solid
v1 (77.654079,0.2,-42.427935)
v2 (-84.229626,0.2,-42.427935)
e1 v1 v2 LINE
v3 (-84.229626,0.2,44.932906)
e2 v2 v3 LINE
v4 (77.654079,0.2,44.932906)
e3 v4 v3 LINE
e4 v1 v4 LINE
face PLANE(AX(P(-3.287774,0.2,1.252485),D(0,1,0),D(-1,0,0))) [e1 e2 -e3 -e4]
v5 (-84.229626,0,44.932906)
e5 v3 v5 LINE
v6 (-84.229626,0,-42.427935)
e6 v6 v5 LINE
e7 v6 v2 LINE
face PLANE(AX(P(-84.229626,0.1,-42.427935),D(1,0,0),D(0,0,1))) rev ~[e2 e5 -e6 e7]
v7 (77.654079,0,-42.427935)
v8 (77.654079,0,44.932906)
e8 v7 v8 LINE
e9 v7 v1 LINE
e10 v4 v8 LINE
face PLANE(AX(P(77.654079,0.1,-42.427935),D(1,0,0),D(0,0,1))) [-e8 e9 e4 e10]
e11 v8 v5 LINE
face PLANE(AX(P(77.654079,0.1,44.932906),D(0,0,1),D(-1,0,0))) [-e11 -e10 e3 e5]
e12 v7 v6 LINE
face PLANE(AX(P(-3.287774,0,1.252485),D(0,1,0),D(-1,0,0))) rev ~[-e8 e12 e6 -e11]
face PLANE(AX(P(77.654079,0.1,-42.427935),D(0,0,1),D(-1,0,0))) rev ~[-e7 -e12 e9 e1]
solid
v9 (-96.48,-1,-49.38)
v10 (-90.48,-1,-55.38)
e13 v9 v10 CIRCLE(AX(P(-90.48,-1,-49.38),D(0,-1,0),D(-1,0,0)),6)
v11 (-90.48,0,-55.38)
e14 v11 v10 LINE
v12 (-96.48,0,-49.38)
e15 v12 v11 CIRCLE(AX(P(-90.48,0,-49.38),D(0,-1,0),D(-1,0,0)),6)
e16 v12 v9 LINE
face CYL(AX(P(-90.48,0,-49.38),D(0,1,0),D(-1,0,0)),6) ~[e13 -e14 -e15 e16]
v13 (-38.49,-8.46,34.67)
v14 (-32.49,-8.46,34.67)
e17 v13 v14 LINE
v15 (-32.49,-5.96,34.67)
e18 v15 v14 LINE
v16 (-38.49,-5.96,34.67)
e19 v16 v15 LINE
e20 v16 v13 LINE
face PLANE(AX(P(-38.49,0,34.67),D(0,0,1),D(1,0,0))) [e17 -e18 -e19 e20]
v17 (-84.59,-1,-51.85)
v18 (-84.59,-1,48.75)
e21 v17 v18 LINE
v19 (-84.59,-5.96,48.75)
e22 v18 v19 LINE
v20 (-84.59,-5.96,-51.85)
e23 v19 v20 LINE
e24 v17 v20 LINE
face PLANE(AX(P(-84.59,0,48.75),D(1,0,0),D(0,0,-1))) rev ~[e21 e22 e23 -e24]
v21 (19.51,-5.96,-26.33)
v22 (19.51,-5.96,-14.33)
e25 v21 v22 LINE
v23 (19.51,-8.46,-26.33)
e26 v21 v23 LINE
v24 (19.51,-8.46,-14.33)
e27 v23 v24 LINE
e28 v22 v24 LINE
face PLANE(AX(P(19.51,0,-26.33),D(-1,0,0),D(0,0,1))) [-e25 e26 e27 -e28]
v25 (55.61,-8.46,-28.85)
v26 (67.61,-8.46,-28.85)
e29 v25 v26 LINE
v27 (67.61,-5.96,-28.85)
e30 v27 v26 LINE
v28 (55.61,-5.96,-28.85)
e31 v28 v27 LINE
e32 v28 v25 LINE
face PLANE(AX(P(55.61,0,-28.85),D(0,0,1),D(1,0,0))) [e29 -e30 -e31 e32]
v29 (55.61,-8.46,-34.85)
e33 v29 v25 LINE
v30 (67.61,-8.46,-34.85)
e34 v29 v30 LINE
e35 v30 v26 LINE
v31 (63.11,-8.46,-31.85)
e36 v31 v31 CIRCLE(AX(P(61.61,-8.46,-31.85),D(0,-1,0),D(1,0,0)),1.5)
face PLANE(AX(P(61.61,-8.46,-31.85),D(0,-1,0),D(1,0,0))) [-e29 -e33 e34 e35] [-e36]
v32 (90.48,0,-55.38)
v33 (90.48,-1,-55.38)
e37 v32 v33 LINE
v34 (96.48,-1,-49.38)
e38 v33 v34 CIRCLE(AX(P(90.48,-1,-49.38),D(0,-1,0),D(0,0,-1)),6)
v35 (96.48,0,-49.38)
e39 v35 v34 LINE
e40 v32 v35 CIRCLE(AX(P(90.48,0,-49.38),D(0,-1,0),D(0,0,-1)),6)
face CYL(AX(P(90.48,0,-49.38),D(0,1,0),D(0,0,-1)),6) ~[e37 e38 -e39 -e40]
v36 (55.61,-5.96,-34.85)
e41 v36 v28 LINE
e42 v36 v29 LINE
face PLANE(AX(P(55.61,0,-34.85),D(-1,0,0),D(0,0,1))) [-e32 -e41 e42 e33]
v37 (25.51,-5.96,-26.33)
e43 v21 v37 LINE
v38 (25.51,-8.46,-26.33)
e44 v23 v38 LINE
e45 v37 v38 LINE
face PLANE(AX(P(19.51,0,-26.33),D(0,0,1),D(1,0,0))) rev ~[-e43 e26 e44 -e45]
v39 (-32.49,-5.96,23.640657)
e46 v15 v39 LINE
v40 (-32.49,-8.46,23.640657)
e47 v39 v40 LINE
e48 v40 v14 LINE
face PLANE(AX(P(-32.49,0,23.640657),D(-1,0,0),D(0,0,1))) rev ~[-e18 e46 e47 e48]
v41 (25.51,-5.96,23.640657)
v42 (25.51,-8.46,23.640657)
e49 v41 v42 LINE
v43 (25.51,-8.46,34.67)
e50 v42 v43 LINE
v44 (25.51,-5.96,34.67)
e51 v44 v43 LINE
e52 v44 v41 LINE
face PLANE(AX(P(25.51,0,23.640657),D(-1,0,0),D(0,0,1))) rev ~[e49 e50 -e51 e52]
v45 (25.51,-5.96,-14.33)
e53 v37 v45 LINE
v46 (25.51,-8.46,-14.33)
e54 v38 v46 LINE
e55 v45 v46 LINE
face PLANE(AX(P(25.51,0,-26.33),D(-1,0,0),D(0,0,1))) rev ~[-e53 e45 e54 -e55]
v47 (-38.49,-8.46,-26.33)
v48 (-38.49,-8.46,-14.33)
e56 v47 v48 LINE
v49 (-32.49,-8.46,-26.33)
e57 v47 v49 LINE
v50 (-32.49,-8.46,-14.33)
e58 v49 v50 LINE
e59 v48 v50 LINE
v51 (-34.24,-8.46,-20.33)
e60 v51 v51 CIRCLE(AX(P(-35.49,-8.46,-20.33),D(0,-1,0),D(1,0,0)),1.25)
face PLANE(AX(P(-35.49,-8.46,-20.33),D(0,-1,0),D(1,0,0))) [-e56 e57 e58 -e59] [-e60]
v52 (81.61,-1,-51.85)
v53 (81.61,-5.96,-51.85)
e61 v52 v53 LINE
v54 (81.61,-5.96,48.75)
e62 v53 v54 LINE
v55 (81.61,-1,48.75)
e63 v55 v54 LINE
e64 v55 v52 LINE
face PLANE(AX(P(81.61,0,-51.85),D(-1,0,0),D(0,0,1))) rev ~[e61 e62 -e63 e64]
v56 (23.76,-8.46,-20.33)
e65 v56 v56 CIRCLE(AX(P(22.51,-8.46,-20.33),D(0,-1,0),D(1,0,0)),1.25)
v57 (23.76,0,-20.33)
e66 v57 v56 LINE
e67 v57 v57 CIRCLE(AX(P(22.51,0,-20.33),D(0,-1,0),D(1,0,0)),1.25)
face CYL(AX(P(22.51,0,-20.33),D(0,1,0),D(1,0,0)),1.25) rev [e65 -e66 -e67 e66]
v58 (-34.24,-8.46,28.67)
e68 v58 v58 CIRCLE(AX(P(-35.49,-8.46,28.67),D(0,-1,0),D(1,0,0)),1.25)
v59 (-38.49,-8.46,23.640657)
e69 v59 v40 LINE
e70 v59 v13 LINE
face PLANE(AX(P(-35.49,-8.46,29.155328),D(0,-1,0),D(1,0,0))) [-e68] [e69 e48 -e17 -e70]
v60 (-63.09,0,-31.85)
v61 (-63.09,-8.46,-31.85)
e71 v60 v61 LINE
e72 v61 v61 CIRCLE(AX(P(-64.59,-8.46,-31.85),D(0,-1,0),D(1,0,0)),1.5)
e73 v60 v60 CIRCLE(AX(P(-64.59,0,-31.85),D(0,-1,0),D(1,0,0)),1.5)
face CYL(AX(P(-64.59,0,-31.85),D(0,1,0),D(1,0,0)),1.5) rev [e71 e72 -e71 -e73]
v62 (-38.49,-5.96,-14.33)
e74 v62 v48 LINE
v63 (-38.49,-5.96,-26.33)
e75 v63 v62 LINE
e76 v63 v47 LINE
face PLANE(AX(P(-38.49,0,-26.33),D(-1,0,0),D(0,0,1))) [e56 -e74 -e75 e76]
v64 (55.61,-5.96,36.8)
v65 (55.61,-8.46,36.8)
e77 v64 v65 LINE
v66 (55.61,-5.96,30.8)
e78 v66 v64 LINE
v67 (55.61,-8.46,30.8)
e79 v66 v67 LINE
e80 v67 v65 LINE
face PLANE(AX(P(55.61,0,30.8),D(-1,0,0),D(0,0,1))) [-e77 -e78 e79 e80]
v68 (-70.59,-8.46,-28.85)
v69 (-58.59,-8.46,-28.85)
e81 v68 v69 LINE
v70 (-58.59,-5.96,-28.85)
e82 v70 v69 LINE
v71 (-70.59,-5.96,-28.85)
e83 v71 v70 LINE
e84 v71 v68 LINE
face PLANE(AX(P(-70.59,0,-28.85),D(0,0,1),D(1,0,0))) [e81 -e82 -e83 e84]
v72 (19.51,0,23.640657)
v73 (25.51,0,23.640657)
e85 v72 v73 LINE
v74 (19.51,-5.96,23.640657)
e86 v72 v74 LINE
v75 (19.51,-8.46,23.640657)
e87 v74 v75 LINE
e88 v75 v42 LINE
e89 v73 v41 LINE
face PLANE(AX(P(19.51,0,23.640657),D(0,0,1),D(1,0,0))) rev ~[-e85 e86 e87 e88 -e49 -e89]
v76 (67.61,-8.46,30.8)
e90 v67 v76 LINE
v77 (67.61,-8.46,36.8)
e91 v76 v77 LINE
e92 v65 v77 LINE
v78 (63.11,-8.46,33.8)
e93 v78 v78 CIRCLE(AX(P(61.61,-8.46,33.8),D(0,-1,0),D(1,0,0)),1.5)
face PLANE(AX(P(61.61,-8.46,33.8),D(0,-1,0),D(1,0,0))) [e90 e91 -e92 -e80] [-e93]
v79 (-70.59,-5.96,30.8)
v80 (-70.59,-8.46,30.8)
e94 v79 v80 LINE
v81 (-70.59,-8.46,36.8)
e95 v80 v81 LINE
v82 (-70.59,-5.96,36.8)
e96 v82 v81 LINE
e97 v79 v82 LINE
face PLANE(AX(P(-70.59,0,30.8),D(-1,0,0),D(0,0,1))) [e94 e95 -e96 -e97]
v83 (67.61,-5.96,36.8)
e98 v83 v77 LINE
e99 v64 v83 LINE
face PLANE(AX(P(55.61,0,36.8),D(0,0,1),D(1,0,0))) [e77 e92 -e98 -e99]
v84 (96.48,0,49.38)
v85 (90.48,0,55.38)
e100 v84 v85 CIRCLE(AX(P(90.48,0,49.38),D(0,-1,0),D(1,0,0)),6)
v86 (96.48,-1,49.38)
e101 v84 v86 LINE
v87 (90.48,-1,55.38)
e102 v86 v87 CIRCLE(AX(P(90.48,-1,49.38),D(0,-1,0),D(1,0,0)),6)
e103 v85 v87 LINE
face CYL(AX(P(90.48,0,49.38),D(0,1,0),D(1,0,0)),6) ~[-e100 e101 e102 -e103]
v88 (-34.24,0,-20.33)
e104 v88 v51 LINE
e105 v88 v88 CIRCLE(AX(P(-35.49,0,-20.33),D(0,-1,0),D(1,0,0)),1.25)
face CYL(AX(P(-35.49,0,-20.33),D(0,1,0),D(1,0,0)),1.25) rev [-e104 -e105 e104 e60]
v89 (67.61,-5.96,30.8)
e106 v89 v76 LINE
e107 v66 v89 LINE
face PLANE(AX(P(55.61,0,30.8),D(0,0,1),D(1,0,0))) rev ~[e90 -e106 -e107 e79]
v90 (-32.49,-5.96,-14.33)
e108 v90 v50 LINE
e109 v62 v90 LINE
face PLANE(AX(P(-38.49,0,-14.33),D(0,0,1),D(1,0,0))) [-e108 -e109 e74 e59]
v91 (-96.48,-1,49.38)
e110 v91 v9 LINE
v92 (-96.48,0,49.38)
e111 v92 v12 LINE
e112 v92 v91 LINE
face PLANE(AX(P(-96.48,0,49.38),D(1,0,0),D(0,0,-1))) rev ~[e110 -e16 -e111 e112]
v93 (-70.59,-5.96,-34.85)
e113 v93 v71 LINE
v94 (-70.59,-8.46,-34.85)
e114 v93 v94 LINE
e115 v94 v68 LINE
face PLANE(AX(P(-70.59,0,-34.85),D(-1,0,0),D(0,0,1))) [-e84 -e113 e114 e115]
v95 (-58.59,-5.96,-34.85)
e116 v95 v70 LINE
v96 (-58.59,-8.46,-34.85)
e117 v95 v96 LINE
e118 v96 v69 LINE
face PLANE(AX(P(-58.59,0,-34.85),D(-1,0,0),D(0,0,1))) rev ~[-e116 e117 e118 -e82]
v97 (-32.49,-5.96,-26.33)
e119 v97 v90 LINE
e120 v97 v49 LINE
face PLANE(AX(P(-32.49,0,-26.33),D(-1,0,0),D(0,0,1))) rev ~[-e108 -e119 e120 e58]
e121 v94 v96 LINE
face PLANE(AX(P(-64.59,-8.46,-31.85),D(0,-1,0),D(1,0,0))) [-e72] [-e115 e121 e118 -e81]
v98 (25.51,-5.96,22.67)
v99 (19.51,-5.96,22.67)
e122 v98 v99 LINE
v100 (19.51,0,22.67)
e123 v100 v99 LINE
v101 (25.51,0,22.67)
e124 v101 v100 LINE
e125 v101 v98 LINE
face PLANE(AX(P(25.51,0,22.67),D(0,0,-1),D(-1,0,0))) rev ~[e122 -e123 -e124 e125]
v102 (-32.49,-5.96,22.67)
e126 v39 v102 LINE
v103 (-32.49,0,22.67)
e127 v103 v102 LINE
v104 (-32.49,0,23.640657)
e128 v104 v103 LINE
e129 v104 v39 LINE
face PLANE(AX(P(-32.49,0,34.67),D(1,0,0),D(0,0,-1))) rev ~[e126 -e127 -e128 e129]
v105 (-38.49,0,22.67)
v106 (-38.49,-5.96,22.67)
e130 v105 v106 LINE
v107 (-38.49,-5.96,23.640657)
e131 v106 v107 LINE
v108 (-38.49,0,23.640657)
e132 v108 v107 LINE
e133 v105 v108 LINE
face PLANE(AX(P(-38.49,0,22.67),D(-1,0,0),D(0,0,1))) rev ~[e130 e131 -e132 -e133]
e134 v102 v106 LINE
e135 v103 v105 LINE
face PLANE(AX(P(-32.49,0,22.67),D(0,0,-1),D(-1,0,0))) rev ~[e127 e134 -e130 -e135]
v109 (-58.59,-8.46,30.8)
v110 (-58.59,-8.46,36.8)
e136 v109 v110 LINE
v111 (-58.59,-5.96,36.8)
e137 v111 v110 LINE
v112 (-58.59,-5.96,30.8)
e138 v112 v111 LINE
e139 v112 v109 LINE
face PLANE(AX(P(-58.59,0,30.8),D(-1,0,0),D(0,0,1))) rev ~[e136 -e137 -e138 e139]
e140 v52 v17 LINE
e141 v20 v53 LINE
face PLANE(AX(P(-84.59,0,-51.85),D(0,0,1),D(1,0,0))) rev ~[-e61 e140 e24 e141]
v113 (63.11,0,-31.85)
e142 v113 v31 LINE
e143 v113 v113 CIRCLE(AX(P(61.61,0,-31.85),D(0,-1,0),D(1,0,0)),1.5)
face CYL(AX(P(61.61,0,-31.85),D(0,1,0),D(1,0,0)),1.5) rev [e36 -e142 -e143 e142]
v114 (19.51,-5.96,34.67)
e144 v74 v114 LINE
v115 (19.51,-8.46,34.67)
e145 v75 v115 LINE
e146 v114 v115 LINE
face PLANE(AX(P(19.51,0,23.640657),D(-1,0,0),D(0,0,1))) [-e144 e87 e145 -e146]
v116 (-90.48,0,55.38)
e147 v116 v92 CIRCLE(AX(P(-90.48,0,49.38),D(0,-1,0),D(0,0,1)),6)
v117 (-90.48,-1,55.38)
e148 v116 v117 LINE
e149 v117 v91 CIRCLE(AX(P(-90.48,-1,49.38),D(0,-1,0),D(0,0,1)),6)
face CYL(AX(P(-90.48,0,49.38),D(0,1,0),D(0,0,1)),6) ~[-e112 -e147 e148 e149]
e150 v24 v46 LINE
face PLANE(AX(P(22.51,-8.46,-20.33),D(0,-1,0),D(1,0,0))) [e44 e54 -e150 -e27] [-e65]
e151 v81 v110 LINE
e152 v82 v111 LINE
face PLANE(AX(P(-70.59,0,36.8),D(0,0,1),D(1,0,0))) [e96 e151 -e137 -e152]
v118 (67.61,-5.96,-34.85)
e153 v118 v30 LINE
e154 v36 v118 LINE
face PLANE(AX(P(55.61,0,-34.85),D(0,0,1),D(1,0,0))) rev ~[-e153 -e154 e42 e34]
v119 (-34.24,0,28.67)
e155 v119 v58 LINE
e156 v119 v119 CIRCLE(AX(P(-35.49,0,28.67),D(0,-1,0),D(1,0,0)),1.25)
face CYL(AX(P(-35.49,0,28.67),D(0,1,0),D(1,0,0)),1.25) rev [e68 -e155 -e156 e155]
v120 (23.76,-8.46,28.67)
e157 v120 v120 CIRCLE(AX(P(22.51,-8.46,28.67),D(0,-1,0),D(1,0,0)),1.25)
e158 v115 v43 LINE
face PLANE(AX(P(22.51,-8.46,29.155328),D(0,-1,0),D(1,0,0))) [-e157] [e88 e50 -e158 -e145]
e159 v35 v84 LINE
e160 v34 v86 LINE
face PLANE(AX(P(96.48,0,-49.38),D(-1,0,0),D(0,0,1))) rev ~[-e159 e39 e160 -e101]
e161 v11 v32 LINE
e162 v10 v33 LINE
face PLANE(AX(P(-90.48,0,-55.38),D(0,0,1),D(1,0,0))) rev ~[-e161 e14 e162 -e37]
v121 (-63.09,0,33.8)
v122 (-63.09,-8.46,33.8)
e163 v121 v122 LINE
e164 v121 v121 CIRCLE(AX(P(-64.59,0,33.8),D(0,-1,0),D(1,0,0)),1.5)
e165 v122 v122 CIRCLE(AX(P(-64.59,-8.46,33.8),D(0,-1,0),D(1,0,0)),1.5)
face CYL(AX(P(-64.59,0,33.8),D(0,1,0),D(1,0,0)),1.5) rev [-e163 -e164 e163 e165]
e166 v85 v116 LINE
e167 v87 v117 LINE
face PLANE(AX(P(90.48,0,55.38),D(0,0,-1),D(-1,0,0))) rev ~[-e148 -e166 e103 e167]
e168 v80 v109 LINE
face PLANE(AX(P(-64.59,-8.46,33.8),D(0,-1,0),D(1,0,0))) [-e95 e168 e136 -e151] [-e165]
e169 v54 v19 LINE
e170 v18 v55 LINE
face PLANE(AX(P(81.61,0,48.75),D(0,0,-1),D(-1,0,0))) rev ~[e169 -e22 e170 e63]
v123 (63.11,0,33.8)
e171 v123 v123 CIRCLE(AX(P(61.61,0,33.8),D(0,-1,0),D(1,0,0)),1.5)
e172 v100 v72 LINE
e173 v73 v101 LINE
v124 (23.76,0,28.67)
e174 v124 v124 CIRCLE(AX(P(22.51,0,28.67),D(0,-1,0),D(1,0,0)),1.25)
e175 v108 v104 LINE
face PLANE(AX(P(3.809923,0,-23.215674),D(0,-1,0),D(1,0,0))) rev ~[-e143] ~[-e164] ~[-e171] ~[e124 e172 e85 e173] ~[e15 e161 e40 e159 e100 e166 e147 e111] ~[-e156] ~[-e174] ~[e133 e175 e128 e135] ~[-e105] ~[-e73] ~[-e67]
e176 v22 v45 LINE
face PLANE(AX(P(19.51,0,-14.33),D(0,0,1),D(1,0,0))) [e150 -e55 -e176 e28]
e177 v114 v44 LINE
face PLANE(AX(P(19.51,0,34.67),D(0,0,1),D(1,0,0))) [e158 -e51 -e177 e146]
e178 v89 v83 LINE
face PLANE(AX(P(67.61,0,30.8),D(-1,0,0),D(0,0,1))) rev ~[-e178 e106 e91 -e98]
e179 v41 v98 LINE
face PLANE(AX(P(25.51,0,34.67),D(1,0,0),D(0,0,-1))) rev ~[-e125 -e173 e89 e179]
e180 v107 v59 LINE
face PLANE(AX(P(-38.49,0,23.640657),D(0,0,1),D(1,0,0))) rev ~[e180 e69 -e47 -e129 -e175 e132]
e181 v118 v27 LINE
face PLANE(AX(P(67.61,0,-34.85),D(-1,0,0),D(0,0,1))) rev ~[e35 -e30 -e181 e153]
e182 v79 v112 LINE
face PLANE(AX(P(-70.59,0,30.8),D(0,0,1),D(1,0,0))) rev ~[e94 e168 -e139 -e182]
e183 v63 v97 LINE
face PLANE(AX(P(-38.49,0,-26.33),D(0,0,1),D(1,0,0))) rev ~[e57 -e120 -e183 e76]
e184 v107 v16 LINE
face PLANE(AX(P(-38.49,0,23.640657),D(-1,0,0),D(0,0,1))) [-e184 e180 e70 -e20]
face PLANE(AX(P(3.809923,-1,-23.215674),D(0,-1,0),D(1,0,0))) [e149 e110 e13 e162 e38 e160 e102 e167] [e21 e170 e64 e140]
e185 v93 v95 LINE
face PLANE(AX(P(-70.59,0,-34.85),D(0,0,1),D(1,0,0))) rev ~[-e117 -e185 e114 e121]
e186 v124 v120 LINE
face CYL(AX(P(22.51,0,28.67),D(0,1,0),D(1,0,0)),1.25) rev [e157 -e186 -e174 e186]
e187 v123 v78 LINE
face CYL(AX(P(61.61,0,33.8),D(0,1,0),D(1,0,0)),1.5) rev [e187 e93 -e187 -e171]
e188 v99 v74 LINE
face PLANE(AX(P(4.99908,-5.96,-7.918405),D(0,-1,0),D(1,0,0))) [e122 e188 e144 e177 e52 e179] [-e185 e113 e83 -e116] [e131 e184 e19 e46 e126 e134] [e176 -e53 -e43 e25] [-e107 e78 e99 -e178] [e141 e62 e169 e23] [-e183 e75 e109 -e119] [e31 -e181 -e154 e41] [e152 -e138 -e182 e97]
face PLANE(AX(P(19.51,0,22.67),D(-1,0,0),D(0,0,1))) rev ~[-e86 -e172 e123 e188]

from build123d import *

# Parameters (mm, degrees)
F0_W     = 12
F0_H     = 6
F0_W_2   = 6
F0_H_2   = 12
F1_DEPTH = 5.96
F0_R     = 1.5
F0_H_3   = 11.0293431562
F0_R_2   = 1.25
F2_DEPTH = 8.46
F3_DEPTH = 1
F6_W     = 161.8837043643
F6_H     = 87.3608402908
F7_DEPTH = 0.1
F8_W     = 161.8837043643
F8_H     = 87.3608402908
F9_DEPTH = 0.1


with BuildPart() as f1:
    # F0 (on Front) → F1 (new body)
    with BuildSketch(Plane.XZ):
        Polygon((81.61, 48.75), (76.401591301, 48.75), (55.0863295794, 48.75), (55.0863295794, 28.67), (55.0863295794, 23.6406568438), (25.51, 23.6406568438), (25.51, 22.67), (19.51, 22.67), (19.51, 23.6406568438), (9.3936370686, 23.6406568438), (-32.49, 23.6406568438), (-32.49, 22.67), (-38.49, 22.67), (-38.49, 23.6406568438), (-64.59, 23.6406568438), (-84.59, 23.6406568438), (-84.59, 7.6714716852), (-84.59, -51.85), (81.61, -51.85), align=None)
        with Locations((-64.59, -31.85)):
            Rectangle(F0_W, F0_H, mode=Mode.SUBTRACT)
        with Locations((-35.49, -20.33)):
            Rectangle(F0_W_2, F0_H_2, mode=Mode.SUBTRACT)
        with Locations((61.61, -31.85)):
            Rectangle(F0_W, F0_H, mode=Mode.SUBTRACT)
        with Locations((22.51, -20.33)):
            Rectangle(F0_W_2, F0_H_2, mode=Mode.SUBTRACT)
        with Locations((61.61, 33.8)):
            Rectangle(F0_W, F0_H, mode=Mode.SUBTRACT)
        Polygon((55.0863295794, 48.75), (-83.4645852447, 48.75), (-84.59, 48.75), (-84.59, 39.8336872458), (-84.59, 23.6406568438), (-64.59, 23.6406568438), (-38.49, 23.6406568438), (-38.49, 34.67), (-32.49, 34.67), (-32.49, 23.6406568438), (9.3936370686, 23.6406568438), (19.51, 23.6406568438), (19.51, 34.67), (25.51, 34.67), (25.51, 23.6406568438), (55.0863295794, 23.6406568438), (55.0863295794, 28.67), align=None)
        with Locations((-64.59, 33.8)):
            Rectangle(F0_W, F0_H, mode=Mode.SUBTRACT)
    extrude(amount=F1_DEPTH)

    # F0 (on Front) → F2 (join)
    with BuildSketch(Plane.XZ):
        with Locations((-64.59, 33.8)):
            Rectangle(F0_W, F0_H)
        with Locations((-64.59, 33.8)):
            Circle(F0_R, mode=Mode.SUBTRACT)
        with Locations((-35.49, 29.1553284219)):
            Rectangle(F0_W_2, F0_H_3)
        with Locations((-35.49, 28.67)):
            Circle(F0_R_2, mode=Mode.SUBTRACT)
        with Locations((22.51, 29.1553284219)):
            Rectangle(F0_W_2, F0_H_3)
        with Locations((22.51, 28.67)):
            Circle(F0_R_2, mode=Mode.SUBTRACT)
        with Locations((61.61, 33.8)):
            Rectangle(F0_W, F0_H)
        with Locations((61.61, 33.8)):
            Circle(F0_R, mode=Mode.SUBTRACT)
        with Locations((22.51, -20.33)):
            Rectangle(F0_W_2, F0_H_2)
        with Locations((22.51, -20.33)):
            Circle(F0_R_2, mode=Mode.SUBTRACT)
        with Locations((61.61, -31.85)):
            Rectangle(F0_W, F0_H)
        with Locations((61.61, -31.85)):
            Circle(F0_R, mode=Mode.SUBTRACT)
        with Locations((-35.49, -20.33)):
            Rectangle(F0_W_2, F0_H_2)
        with Locations((-35.49, -20.33)):
            Circle(F0_R_2, mode=Mode.SUBTRACT)
        with Locations((-64.59, -31.85)):
            Rectangle(F0_W, F0_H)
        with Locations((-64.59, -31.85)):
            Circle(F0_R, mode=Mode.SUBTRACT)
    extrude(amount=F2_DEPTH)

    # F0 (on Front) → F3 (join)
    with BuildSketch(Plane.XZ):
        with BuildLine():
            ThreePointArc((96.48, 49.38), (94.7226406871, 53.6226406871), (90.48, 55.38))
            Line((90.48, 55.38), (76.401591301, 55.38))
            Line((76.401591301, 55.38), (76.401591301, 48.75))
            Line((76.401591301, 48.75), (81.61, 48.75))
            Line((81.61, 48.75), (81.61, -51.85))
            Line((81.61, -51.85), (-84.59, -51.85))
            Line((-84.59, -51.85), (-84.59, 7.6714716852))
            Line((-84.59, 7.6714716852), (-84.59, 23.6406568438))
            Line((-84.59, 23.6406568438), (-84.59, 39.8336872458))
            Line((-84.59, 39.8336872458), (-96.48, 39.8336872458))
            Line((-96.48, 39.8336872458), (-96.48, -49.38))
            ThreePointArc((-96.48, -49.38), (-94.7226406871, -53.6226406871), (-90.48, -55.38))
            Line((-90.48, -55.38), (90.48, -55.38))
            ThreePointArc((90.48, -55.38), (94.7226406871, -53.6226406871), (96.48, -49.38))
            Line((96.48, -49.38), (96.48, 49.38))
        make_face()
        with BuildLine():
            Line((-83.4645852447, 48.75), (-83.4645852447, 55.38))
            Line((-83.4645852447, 55.38), (-90.48, 55.38))
            ThreePointArc((-90.48, 55.38), (-94.7226406871, 53.6226406871), (-96.48, 49.38))
            Line((-96.48, 49.38), (-96.48, 39.8336872458))
            Line((-96.48, 39.8336872458), (-84.59, 39.8336872458))
            Line((-84.59, 39.8336872458), (-84.59, 48.75))
            Line((-84.59, 48.75), (-83.4645852447, 48.75))
        make_face()
        Polygon((76.401591301, 48.75), (76.401591301, 55.38), (-83.4645852447, 55.38), (-83.4645852447, 48.75), (55.0863295794, 48.75), align=None)
    extrude(amount=F3_DEPTH)


with BuildPart() as f7:
    # F6 (on offset) → F7 (new body)
    with BuildSketch(Plane(origin=(0, 0, 0), x_dir=(-1, 0, 0), z_dir=(0, 1, 0))):
        with Locations((3.2877735794, 1.2524854392)):
            Rectangle(F6_W, F6_H)
    extrude(amount=F7_DEPTH)

    # F8 (on face) → F9 (join)
    with BuildSketch(Plane(origin=(0, 0.1, 0), x_dir=(-1, 0, 0), z_dir=(0, 1, 0))):
        with Locations((3.2877735794, 1.2524854392)):
            Rectangle(F8_W, F8_H)
    extrude(amount=F9_DEPTH)


solid = Compound([f1.part, f7.part])
